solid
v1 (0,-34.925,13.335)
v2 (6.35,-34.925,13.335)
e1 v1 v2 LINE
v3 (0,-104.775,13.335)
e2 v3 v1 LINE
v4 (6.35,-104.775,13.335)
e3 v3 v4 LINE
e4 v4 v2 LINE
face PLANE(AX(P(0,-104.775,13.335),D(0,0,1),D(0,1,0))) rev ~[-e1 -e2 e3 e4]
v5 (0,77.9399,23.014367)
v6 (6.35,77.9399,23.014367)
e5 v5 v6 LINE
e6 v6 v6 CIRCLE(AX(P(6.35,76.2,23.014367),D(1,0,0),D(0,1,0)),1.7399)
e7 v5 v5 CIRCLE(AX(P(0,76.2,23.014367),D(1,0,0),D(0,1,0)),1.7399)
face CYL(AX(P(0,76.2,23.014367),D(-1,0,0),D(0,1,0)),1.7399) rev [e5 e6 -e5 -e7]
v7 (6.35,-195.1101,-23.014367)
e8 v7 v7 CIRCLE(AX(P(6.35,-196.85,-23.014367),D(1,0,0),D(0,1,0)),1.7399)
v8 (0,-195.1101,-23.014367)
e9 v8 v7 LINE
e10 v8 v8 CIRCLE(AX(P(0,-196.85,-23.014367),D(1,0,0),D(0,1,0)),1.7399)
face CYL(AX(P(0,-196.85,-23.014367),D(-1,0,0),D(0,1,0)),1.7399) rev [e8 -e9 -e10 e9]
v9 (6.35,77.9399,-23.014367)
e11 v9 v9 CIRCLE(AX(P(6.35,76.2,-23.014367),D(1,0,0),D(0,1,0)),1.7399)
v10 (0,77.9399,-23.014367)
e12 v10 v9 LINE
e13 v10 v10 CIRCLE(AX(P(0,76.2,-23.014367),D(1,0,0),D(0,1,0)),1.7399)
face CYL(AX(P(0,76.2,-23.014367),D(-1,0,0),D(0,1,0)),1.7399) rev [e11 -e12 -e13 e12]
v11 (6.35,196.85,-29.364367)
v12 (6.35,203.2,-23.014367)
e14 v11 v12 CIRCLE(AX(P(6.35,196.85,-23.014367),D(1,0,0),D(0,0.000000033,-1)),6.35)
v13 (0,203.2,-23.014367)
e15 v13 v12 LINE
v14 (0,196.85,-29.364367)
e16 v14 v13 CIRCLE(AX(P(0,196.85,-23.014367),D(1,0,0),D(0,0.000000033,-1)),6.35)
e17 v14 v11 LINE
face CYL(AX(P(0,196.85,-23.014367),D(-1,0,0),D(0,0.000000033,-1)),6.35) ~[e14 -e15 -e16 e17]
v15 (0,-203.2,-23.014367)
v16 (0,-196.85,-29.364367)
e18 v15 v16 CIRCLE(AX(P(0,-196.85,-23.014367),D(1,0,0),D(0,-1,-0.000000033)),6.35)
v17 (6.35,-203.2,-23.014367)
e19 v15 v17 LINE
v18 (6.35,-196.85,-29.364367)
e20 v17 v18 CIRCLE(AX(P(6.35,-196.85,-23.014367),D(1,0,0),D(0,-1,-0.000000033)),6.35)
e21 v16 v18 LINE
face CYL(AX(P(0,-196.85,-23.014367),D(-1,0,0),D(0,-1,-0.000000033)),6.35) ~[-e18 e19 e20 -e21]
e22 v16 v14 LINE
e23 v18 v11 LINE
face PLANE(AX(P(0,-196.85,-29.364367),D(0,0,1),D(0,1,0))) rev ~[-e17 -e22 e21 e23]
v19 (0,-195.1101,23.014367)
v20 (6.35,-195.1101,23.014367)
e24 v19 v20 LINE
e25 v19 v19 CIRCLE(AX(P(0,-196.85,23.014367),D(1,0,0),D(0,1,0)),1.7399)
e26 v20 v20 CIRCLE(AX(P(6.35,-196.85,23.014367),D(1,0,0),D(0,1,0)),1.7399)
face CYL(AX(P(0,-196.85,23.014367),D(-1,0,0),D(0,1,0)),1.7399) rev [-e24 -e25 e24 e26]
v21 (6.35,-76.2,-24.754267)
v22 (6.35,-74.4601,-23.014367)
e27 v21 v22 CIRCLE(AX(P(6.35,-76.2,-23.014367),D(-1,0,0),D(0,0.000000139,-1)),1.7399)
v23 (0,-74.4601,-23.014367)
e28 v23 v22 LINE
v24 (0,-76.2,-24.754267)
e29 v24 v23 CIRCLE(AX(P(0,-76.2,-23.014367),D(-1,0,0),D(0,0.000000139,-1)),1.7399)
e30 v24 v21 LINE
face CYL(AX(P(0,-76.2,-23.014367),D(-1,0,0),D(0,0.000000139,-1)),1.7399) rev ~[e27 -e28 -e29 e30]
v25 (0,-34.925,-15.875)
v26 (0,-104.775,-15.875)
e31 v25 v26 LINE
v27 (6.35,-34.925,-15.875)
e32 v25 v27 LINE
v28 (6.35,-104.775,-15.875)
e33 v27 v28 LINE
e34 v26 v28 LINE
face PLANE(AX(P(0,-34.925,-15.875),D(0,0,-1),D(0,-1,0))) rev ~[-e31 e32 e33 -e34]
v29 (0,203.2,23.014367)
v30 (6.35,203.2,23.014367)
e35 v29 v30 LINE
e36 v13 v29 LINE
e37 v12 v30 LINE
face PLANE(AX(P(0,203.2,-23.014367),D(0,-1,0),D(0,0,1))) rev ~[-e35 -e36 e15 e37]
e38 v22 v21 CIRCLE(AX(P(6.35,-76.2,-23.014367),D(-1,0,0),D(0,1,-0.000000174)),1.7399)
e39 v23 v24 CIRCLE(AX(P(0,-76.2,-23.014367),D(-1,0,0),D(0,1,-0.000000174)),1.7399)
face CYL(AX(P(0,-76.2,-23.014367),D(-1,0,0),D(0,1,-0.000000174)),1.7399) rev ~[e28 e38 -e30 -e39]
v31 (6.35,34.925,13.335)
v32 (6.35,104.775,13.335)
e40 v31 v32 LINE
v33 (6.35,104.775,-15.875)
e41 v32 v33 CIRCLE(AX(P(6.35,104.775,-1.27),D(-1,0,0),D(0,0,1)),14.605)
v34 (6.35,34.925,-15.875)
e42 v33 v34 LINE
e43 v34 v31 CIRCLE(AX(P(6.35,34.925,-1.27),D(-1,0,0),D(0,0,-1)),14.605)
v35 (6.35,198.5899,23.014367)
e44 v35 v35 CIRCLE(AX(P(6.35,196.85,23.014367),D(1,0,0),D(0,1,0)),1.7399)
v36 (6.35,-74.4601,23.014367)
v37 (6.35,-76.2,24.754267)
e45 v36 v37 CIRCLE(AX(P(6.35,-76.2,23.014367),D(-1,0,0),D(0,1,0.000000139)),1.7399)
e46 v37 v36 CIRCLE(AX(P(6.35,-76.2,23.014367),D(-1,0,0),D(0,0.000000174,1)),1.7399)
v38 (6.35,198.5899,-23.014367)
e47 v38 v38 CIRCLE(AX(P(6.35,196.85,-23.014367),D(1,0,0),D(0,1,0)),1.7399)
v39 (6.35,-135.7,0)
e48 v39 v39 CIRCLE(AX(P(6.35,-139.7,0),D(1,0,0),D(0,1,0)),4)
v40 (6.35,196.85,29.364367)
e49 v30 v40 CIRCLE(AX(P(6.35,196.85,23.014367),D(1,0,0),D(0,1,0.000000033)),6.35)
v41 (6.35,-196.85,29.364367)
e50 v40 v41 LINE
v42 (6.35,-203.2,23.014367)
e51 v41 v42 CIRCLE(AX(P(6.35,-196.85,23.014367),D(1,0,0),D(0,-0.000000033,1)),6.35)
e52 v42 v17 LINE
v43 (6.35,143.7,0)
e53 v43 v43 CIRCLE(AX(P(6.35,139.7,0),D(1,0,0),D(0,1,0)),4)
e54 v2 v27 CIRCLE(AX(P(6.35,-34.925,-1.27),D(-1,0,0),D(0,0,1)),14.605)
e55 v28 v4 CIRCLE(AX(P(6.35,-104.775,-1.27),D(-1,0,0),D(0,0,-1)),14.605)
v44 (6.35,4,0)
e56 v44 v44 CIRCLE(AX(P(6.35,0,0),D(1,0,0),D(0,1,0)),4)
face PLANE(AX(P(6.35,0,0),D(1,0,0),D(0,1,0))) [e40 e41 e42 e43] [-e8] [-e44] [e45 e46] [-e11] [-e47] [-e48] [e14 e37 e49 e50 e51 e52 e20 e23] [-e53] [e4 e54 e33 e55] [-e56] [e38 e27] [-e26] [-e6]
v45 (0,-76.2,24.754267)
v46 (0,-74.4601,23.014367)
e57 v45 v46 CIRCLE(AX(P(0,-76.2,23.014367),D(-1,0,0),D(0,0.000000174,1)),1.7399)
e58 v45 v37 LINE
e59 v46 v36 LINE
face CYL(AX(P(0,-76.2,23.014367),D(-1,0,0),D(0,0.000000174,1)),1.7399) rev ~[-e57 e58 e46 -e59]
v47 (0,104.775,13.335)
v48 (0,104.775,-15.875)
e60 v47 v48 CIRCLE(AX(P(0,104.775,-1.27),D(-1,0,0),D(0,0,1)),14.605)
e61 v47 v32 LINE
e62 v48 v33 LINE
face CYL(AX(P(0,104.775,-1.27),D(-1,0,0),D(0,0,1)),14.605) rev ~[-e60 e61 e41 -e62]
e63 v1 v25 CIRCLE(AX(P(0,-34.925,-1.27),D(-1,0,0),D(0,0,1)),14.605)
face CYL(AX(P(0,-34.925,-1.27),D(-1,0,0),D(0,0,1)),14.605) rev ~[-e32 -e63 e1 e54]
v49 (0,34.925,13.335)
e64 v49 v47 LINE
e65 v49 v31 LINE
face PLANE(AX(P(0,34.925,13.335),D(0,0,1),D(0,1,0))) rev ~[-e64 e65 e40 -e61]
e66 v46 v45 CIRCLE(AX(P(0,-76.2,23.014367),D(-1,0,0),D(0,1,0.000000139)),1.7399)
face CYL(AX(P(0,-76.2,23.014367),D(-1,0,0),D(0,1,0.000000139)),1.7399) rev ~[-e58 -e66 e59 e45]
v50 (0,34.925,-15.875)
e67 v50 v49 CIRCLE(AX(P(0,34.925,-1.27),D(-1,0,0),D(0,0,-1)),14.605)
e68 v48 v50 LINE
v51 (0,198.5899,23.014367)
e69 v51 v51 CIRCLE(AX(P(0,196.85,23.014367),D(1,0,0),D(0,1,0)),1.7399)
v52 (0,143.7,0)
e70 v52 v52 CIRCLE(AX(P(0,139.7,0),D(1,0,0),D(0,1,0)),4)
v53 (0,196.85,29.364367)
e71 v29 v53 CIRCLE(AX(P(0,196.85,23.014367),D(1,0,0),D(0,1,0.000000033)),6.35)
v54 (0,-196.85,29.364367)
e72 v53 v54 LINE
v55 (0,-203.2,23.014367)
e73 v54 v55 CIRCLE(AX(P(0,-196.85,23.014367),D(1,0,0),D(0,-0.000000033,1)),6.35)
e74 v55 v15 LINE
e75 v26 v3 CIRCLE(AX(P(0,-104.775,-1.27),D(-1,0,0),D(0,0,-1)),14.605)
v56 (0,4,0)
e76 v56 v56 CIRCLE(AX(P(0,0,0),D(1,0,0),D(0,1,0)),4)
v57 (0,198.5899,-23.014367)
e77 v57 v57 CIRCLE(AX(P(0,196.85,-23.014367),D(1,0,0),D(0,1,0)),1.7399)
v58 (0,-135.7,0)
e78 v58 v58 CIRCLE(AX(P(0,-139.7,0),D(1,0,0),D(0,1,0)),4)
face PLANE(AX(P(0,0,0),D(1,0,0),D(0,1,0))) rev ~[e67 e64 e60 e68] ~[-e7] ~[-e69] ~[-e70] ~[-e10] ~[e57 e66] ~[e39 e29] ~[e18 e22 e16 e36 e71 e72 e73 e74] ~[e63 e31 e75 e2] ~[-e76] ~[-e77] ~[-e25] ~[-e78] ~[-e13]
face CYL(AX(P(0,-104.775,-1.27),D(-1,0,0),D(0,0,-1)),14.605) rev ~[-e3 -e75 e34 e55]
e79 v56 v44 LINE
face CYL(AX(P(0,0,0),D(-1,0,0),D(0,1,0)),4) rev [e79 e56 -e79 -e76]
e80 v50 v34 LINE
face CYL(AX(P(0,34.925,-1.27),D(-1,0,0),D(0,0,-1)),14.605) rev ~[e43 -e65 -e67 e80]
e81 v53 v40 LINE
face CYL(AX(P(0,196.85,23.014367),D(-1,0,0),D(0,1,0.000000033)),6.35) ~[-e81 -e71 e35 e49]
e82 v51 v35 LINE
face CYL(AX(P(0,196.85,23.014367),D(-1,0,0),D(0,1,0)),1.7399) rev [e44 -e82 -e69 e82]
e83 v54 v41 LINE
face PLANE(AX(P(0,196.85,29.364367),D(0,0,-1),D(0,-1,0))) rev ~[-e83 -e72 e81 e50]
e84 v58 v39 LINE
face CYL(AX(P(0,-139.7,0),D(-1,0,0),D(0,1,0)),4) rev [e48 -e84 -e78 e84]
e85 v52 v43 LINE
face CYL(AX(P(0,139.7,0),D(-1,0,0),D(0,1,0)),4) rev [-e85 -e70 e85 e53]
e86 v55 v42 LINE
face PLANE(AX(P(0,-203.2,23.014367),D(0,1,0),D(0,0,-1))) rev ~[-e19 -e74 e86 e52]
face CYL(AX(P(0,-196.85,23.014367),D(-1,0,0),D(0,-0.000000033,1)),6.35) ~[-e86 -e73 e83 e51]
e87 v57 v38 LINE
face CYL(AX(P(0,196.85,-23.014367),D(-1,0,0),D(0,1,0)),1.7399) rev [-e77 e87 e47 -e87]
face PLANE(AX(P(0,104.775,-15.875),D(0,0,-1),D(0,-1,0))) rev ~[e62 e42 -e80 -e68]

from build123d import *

# Parameters (mm, degrees)
F0_R     = 1.7399
F0_R_2   = 4
F1_DEPTH = 6.35


with BuildPart() as f1:
    # F0 (on Right) → F1 (new body)
    with BuildSketch(Plane.YZ):
        with BuildLine():
            ThreePointArc((-203.2, -23.014367), (-201.340128, -27.504495), (-196.85, -29.364367))
            Line((-196.85, -29.364367), (-76.2, -29.364367))
            Line((-76.2, -29.364367), (196.85, -29.364367))
            ThreePointArc((196.85, -29.364367), (201.340128, -27.504495), (203.2, -23.014367))
            Line((203.2, -23.014367), (203.2, 23.014367))
            ThreePointArc((203.2, 23.014367), (201.340128, 27.504495), (196.85, 29.364367))
            Line((196.85, 29.364367), (-76.2, 29.364367))
            Line((-76.2, 29.364367), (-196.85, 29.364367))
            ThreePointArc((-196.85, 29.364367), (-201.340128, 27.504495), (-203.2, 23.014367))
            Line((-203.2, 23.014367), (-203.2, -23.014367))
        make_face()
        with Locations((-196.85, -23.014367)):
            Circle(F0_R, mode=Mode.SUBTRACT)
        with BuildLine():
            ThreePointArc((-74.4601, -23.014367), (-74.969705, -24.244662), (-76.2, -24.754267))
            ThreePointArc((-76.2, -24.754267), (-77.430295, -21.784071), (-74.4601, -23.014367))
        make_face(mode=Mode.SUBTRACT)
        with Locations((-139.7, 0)):
            Circle(F0_R_2, mode=Mode.SUBTRACT)
        with BuildLine():
            Line((-34.925, -15.875), (-104.775, -15.875))
            ThreePointArc((-104.775, -15.875), (-119.38, -1.27), (-104.775, 13.335))
            Line((-104.775, 13.335), (-34.925, 13.335))
            ThreePointArc((-34.925, 13.335), (-20.32, -1.27), (-34.925, -15.875))
        make_face(mode=Mode.SUBTRACT)
        Circle(F0_R_2, mode=Mode.SUBTRACT)
        with Locations((76.2, -23.014367)):
            Circle(F0_R, mode=Mode.SUBTRACT)
        with Locations((196.85, -23.014367)):
            Circle(F0_R, mode=Mode.SUBTRACT)
        with BuildLine():
            Line((104.775, -15.875), (34.925, -15.875))
            ThreePointArc((34.925, -15.875), (20.32, -1.27), (34.925, 13.335))
            Line((34.925, 13.335), (104.775, 13.335))
            ThreePointArc((104.775, 13.335), (119.38, -1.27), (104.775, -15.875))
        make_face(mode=Mode.SUBTRACT)
        with Locations((139.7, 0)):
            Circle(F0_R_2, mode=Mode.SUBTRACT)
        with Locations((-196.85, 23.014367)):
            Circle(F0_R, mode=Mode.SUBTRACT)
        with BuildLine():
            ThreePointArc((-74.4601, 23.014367), (-77.430295, 21.784071), (-76.2, 24.754267))
            ThreePointArc((-76.2, 24.754267), (-74.969705, 24.244662), (-74.4601, 23.014367))
        make_face(mode=Mode.SUBTRACT)
        with Locations((76.2, 23.014367)):
            Circle(F0_R, mode=Mode.SUBTRACT)
        with Locations((196.85, 23.014367)):
            Circle(F0_R, mode=Mode.SUBTRACT)
    extrude(amount=F1_DEPTH)


solid = f1.part
